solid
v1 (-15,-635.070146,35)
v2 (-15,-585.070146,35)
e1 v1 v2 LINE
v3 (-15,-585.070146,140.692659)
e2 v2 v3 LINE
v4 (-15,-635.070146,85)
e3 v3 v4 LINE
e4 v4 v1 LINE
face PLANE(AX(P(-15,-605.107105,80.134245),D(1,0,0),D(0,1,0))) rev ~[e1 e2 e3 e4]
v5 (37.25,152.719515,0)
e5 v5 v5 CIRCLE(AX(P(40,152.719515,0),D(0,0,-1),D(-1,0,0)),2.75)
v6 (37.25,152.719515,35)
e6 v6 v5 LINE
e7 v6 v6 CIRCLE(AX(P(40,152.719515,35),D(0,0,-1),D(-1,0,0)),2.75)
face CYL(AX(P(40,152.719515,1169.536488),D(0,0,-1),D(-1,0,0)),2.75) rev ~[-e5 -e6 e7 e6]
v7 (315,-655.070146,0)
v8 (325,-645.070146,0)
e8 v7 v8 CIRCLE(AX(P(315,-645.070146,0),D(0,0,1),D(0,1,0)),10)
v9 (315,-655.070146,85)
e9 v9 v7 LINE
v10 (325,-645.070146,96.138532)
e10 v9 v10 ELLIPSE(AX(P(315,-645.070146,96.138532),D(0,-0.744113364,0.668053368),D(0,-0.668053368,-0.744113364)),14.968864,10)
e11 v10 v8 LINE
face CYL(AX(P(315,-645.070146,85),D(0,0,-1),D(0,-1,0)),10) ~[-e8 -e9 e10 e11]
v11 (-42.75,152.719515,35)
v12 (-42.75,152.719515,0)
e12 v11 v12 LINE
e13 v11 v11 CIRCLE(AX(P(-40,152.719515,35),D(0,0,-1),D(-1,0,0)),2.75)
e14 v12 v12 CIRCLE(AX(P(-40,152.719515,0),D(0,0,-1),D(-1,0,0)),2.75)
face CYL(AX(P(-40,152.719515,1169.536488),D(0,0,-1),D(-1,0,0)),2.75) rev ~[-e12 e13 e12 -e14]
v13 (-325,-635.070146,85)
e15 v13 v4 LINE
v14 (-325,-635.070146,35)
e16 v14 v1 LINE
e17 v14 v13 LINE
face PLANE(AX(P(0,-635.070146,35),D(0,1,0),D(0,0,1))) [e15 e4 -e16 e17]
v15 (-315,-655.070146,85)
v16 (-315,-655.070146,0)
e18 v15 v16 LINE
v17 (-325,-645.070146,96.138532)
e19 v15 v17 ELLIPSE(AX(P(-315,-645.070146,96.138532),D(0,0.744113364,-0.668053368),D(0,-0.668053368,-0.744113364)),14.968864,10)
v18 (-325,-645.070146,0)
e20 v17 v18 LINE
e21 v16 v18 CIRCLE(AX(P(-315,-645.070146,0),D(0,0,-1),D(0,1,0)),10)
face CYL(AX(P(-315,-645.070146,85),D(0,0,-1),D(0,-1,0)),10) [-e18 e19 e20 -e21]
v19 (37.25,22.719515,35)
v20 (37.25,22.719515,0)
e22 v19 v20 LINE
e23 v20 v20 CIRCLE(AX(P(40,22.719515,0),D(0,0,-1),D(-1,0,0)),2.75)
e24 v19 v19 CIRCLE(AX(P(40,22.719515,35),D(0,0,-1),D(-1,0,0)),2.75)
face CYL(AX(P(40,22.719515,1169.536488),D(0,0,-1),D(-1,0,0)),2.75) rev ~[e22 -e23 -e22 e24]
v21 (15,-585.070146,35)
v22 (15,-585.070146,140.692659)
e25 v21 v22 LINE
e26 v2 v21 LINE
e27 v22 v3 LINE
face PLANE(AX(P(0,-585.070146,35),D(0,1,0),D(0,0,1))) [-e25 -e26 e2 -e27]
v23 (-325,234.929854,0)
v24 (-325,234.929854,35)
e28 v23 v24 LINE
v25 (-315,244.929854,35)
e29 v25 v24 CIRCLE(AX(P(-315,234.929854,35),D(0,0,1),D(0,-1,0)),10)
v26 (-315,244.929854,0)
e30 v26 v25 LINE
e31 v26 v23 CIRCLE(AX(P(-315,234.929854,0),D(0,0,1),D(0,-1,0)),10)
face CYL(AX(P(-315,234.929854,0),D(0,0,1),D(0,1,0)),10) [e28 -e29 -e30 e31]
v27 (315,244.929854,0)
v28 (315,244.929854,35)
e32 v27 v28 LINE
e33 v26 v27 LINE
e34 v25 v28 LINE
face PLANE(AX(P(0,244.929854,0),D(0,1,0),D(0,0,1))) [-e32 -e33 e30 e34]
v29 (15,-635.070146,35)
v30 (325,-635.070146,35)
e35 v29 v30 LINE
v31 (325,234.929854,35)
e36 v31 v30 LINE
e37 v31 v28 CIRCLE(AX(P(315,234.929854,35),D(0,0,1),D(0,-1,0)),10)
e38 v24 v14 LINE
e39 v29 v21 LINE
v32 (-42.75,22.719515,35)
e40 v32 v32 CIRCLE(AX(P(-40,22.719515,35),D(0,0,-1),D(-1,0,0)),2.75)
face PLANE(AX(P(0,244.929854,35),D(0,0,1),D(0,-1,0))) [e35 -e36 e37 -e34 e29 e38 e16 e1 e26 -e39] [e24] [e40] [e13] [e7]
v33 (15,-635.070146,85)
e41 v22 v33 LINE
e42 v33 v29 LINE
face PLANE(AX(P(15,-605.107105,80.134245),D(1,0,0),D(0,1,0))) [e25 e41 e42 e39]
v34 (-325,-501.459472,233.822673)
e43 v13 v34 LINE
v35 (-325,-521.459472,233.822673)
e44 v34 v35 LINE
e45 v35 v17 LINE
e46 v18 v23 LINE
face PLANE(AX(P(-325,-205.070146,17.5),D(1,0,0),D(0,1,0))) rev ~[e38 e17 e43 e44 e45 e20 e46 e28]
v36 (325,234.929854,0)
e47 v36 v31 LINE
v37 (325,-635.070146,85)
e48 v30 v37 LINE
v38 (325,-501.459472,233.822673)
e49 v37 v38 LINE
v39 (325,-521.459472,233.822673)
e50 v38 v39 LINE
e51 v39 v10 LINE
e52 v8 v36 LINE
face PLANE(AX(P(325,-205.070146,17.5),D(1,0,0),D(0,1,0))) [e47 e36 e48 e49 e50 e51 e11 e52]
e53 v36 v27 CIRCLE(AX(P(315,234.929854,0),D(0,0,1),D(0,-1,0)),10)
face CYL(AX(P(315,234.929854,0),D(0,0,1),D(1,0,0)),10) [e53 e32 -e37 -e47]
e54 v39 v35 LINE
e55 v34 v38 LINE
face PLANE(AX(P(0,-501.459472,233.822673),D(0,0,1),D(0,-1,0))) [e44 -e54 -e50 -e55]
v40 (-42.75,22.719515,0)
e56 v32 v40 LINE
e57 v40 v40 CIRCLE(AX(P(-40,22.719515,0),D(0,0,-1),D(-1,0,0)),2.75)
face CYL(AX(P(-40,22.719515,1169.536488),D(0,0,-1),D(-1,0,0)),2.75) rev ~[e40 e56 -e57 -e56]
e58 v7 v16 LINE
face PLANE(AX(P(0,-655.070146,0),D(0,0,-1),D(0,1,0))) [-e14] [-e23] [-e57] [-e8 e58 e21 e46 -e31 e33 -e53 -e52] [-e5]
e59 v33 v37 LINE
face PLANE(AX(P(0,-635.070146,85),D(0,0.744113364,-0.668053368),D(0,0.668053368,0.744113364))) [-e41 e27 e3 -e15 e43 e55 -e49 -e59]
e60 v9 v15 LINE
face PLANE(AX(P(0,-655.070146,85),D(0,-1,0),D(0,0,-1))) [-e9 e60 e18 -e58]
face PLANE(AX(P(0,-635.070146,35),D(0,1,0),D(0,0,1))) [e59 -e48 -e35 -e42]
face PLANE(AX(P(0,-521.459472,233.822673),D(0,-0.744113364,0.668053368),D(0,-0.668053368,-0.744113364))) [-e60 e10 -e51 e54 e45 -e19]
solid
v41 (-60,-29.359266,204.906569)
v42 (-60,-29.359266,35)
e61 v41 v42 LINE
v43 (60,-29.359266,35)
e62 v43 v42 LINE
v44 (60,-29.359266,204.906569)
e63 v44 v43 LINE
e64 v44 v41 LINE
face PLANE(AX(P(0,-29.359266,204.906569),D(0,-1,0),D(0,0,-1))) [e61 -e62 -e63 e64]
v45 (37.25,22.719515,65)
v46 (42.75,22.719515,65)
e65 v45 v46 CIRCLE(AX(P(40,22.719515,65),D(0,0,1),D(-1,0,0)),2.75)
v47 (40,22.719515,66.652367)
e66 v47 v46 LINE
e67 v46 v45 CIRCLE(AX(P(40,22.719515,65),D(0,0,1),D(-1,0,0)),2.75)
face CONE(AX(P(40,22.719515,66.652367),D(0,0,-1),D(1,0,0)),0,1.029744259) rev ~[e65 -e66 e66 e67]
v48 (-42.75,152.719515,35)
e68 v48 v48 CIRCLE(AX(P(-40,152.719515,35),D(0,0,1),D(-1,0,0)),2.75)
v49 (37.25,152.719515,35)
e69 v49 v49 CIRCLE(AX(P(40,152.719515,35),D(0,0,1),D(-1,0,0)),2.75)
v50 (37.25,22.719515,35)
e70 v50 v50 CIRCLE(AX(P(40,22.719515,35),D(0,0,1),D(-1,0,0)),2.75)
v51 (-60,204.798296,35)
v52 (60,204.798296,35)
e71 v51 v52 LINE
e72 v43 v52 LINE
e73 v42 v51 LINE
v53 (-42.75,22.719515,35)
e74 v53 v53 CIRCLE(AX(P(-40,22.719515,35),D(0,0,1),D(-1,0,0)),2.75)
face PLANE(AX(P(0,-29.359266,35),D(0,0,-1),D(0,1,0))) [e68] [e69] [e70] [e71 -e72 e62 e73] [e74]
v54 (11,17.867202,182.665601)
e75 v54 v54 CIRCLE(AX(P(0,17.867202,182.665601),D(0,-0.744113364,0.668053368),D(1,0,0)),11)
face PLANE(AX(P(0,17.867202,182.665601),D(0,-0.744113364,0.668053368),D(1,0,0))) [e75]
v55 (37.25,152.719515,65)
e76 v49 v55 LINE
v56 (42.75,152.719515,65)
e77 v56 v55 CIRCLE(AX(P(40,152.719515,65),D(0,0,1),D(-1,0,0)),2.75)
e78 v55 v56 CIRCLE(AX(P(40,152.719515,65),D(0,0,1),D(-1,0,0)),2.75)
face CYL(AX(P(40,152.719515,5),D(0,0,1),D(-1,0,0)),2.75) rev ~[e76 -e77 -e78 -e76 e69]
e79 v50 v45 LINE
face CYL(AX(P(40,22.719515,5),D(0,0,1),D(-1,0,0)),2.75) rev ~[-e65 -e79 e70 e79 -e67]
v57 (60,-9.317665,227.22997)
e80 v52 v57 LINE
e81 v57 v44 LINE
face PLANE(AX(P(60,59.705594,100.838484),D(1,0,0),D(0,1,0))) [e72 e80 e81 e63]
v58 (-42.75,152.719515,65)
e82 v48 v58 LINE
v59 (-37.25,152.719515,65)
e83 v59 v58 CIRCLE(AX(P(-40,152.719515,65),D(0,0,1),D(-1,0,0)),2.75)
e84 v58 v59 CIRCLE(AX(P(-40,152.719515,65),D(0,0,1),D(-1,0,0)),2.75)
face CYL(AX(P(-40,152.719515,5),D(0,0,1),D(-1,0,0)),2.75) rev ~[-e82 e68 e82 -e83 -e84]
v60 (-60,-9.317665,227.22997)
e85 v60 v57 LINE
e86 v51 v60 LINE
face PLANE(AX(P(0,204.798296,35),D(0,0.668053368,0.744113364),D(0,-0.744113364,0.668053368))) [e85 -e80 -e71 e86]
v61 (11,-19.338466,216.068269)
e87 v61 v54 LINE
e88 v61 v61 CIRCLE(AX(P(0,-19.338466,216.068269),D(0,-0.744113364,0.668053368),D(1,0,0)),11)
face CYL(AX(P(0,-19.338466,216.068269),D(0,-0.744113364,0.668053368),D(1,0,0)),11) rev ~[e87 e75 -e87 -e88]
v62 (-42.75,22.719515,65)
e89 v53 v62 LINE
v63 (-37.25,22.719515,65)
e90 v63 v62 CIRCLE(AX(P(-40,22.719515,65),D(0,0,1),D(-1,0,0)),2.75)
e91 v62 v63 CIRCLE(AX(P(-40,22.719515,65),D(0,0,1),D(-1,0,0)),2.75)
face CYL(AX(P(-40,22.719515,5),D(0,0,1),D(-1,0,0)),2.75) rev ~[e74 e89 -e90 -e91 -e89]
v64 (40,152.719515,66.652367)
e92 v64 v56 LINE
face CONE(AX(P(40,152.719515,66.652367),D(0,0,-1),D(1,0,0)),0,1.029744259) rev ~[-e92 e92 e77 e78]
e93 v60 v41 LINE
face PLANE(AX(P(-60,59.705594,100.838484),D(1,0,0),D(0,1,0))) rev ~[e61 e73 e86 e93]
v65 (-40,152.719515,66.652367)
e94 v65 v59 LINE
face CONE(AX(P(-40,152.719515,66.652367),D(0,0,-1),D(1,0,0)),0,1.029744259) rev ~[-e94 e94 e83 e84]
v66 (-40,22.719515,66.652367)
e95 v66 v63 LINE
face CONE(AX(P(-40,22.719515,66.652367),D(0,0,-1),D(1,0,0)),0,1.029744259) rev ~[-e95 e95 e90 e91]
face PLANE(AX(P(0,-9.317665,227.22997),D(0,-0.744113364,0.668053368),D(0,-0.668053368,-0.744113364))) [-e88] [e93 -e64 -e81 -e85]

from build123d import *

# Parameters (mm, degrees)
F3_W      = 20
F3_H      = 50
F4_DEPTH  = 325
F5_R      = 10
F6_DEPTH  = 15
F7_DEPTH  = 60
F8_R      = 11
F9_DEPTH  = 50
F11_D     = 5.5
F11_DEPTH = 30
F11_TIP   = 1.6523667023
F12_D     = 5.5


with BuildPart() as f4:
    # F3 (on Right) → F4 (new body, symmetric)
    with BuildSketch(Plane.YZ):
        Polygon((-655.070145556, 35), (-655.070145556, 0), (244.929854444, 0), (244.929854444, 35), (204.7982960939, 35), (-29.3592664599, 35), (-585.070145556, 35), (-635.070145556, 35), align=None)
        with Locations((-645.070145556, 60)):
            Rectangle(F3_W, F3_H)
        Polygon((-521.4594720054, 233.8226727127), (-655.070145556, 85), (-635.070145556, 85), (-585.070145556, 140.6926586619), (-501.4594720054, 233.8226727127), align=None)
    extrude(amount=F4_DEPTH, both=True)

    # F5
    f5_edges = [f4.edges().sort_by_distance(p)[0] for p in [
        (325, -655.070146, 42.5),
        (325, 244.929854, 17.5),
        (-325, -655.070146, 42.5),
        (-325, 244.929854, 17.5),
    ]]
    fillet(f5_edges, radius=F5_R)

    # F3 (on Right) → F6 (join, symmetric)
    with BuildSketch(Plane.YZ):
        Polygon((-635.070145556, 85), (-635.070145556, 35), (-585.070145556, 35), (-585.070145556, 140.6926586619), align=None)
    extrude(amount=F6_DEPTH, both=True)

    # F12 (through all)
    with Locations(Plane.XY.offset(35)):
        with Locations((40, 22.719514817), (-40, 22.719514817), (-40, 152.719514817), (40, 152.719514817)):
            Hole(F12_D / 2)


with BuildPart() as f7:
    # F3 (on Right) → F7 (new body, symmetric)
    with BuildSketch(Plane.YZ):
        Polygon((-29.3592664599, 35), (204.7982960939, 35), (-9.3176654273, 227.2299695021), (-29.3592664599, 204.9065685952), align=None)
    extrude(amount=F7_DEPTH, both=True)

    # F8 (on face) → F9 (cut)
    with BuildSketch(Plane(origin=(0, -118.1169432138, 106.0435486937), x_dir=(1, 0, 0), z_dir=(0, -0.7441133636, 0.6680533678))):
        with Locations((0, 147.8601591404)):
            Circle(F8_R)
    extrude(amount=-F9_DEPTH, mode=Mode.SUBTRACT)

    # F11
    with Locations(Plane(origin=(0, 0, 35), x_dir=(1, 0, 0), z_dir=(0, 0, -1))):
        with Locations((-40, -22.719514817), (40, -22.719514817), (40, -152.719514817), (-40, -152.719514817)):
            Hole(F11_D / 2, depth=F11_DEPTH)
            with Locations((0, 0, -(F11_DEPTH + F11_TIP / 2))):  # 118° drill point
                Cone(0, F11_D / 2, F11_TIP, mode=Mode.SUBTRACT)


solid = Compound([f4.part, f7.part])
